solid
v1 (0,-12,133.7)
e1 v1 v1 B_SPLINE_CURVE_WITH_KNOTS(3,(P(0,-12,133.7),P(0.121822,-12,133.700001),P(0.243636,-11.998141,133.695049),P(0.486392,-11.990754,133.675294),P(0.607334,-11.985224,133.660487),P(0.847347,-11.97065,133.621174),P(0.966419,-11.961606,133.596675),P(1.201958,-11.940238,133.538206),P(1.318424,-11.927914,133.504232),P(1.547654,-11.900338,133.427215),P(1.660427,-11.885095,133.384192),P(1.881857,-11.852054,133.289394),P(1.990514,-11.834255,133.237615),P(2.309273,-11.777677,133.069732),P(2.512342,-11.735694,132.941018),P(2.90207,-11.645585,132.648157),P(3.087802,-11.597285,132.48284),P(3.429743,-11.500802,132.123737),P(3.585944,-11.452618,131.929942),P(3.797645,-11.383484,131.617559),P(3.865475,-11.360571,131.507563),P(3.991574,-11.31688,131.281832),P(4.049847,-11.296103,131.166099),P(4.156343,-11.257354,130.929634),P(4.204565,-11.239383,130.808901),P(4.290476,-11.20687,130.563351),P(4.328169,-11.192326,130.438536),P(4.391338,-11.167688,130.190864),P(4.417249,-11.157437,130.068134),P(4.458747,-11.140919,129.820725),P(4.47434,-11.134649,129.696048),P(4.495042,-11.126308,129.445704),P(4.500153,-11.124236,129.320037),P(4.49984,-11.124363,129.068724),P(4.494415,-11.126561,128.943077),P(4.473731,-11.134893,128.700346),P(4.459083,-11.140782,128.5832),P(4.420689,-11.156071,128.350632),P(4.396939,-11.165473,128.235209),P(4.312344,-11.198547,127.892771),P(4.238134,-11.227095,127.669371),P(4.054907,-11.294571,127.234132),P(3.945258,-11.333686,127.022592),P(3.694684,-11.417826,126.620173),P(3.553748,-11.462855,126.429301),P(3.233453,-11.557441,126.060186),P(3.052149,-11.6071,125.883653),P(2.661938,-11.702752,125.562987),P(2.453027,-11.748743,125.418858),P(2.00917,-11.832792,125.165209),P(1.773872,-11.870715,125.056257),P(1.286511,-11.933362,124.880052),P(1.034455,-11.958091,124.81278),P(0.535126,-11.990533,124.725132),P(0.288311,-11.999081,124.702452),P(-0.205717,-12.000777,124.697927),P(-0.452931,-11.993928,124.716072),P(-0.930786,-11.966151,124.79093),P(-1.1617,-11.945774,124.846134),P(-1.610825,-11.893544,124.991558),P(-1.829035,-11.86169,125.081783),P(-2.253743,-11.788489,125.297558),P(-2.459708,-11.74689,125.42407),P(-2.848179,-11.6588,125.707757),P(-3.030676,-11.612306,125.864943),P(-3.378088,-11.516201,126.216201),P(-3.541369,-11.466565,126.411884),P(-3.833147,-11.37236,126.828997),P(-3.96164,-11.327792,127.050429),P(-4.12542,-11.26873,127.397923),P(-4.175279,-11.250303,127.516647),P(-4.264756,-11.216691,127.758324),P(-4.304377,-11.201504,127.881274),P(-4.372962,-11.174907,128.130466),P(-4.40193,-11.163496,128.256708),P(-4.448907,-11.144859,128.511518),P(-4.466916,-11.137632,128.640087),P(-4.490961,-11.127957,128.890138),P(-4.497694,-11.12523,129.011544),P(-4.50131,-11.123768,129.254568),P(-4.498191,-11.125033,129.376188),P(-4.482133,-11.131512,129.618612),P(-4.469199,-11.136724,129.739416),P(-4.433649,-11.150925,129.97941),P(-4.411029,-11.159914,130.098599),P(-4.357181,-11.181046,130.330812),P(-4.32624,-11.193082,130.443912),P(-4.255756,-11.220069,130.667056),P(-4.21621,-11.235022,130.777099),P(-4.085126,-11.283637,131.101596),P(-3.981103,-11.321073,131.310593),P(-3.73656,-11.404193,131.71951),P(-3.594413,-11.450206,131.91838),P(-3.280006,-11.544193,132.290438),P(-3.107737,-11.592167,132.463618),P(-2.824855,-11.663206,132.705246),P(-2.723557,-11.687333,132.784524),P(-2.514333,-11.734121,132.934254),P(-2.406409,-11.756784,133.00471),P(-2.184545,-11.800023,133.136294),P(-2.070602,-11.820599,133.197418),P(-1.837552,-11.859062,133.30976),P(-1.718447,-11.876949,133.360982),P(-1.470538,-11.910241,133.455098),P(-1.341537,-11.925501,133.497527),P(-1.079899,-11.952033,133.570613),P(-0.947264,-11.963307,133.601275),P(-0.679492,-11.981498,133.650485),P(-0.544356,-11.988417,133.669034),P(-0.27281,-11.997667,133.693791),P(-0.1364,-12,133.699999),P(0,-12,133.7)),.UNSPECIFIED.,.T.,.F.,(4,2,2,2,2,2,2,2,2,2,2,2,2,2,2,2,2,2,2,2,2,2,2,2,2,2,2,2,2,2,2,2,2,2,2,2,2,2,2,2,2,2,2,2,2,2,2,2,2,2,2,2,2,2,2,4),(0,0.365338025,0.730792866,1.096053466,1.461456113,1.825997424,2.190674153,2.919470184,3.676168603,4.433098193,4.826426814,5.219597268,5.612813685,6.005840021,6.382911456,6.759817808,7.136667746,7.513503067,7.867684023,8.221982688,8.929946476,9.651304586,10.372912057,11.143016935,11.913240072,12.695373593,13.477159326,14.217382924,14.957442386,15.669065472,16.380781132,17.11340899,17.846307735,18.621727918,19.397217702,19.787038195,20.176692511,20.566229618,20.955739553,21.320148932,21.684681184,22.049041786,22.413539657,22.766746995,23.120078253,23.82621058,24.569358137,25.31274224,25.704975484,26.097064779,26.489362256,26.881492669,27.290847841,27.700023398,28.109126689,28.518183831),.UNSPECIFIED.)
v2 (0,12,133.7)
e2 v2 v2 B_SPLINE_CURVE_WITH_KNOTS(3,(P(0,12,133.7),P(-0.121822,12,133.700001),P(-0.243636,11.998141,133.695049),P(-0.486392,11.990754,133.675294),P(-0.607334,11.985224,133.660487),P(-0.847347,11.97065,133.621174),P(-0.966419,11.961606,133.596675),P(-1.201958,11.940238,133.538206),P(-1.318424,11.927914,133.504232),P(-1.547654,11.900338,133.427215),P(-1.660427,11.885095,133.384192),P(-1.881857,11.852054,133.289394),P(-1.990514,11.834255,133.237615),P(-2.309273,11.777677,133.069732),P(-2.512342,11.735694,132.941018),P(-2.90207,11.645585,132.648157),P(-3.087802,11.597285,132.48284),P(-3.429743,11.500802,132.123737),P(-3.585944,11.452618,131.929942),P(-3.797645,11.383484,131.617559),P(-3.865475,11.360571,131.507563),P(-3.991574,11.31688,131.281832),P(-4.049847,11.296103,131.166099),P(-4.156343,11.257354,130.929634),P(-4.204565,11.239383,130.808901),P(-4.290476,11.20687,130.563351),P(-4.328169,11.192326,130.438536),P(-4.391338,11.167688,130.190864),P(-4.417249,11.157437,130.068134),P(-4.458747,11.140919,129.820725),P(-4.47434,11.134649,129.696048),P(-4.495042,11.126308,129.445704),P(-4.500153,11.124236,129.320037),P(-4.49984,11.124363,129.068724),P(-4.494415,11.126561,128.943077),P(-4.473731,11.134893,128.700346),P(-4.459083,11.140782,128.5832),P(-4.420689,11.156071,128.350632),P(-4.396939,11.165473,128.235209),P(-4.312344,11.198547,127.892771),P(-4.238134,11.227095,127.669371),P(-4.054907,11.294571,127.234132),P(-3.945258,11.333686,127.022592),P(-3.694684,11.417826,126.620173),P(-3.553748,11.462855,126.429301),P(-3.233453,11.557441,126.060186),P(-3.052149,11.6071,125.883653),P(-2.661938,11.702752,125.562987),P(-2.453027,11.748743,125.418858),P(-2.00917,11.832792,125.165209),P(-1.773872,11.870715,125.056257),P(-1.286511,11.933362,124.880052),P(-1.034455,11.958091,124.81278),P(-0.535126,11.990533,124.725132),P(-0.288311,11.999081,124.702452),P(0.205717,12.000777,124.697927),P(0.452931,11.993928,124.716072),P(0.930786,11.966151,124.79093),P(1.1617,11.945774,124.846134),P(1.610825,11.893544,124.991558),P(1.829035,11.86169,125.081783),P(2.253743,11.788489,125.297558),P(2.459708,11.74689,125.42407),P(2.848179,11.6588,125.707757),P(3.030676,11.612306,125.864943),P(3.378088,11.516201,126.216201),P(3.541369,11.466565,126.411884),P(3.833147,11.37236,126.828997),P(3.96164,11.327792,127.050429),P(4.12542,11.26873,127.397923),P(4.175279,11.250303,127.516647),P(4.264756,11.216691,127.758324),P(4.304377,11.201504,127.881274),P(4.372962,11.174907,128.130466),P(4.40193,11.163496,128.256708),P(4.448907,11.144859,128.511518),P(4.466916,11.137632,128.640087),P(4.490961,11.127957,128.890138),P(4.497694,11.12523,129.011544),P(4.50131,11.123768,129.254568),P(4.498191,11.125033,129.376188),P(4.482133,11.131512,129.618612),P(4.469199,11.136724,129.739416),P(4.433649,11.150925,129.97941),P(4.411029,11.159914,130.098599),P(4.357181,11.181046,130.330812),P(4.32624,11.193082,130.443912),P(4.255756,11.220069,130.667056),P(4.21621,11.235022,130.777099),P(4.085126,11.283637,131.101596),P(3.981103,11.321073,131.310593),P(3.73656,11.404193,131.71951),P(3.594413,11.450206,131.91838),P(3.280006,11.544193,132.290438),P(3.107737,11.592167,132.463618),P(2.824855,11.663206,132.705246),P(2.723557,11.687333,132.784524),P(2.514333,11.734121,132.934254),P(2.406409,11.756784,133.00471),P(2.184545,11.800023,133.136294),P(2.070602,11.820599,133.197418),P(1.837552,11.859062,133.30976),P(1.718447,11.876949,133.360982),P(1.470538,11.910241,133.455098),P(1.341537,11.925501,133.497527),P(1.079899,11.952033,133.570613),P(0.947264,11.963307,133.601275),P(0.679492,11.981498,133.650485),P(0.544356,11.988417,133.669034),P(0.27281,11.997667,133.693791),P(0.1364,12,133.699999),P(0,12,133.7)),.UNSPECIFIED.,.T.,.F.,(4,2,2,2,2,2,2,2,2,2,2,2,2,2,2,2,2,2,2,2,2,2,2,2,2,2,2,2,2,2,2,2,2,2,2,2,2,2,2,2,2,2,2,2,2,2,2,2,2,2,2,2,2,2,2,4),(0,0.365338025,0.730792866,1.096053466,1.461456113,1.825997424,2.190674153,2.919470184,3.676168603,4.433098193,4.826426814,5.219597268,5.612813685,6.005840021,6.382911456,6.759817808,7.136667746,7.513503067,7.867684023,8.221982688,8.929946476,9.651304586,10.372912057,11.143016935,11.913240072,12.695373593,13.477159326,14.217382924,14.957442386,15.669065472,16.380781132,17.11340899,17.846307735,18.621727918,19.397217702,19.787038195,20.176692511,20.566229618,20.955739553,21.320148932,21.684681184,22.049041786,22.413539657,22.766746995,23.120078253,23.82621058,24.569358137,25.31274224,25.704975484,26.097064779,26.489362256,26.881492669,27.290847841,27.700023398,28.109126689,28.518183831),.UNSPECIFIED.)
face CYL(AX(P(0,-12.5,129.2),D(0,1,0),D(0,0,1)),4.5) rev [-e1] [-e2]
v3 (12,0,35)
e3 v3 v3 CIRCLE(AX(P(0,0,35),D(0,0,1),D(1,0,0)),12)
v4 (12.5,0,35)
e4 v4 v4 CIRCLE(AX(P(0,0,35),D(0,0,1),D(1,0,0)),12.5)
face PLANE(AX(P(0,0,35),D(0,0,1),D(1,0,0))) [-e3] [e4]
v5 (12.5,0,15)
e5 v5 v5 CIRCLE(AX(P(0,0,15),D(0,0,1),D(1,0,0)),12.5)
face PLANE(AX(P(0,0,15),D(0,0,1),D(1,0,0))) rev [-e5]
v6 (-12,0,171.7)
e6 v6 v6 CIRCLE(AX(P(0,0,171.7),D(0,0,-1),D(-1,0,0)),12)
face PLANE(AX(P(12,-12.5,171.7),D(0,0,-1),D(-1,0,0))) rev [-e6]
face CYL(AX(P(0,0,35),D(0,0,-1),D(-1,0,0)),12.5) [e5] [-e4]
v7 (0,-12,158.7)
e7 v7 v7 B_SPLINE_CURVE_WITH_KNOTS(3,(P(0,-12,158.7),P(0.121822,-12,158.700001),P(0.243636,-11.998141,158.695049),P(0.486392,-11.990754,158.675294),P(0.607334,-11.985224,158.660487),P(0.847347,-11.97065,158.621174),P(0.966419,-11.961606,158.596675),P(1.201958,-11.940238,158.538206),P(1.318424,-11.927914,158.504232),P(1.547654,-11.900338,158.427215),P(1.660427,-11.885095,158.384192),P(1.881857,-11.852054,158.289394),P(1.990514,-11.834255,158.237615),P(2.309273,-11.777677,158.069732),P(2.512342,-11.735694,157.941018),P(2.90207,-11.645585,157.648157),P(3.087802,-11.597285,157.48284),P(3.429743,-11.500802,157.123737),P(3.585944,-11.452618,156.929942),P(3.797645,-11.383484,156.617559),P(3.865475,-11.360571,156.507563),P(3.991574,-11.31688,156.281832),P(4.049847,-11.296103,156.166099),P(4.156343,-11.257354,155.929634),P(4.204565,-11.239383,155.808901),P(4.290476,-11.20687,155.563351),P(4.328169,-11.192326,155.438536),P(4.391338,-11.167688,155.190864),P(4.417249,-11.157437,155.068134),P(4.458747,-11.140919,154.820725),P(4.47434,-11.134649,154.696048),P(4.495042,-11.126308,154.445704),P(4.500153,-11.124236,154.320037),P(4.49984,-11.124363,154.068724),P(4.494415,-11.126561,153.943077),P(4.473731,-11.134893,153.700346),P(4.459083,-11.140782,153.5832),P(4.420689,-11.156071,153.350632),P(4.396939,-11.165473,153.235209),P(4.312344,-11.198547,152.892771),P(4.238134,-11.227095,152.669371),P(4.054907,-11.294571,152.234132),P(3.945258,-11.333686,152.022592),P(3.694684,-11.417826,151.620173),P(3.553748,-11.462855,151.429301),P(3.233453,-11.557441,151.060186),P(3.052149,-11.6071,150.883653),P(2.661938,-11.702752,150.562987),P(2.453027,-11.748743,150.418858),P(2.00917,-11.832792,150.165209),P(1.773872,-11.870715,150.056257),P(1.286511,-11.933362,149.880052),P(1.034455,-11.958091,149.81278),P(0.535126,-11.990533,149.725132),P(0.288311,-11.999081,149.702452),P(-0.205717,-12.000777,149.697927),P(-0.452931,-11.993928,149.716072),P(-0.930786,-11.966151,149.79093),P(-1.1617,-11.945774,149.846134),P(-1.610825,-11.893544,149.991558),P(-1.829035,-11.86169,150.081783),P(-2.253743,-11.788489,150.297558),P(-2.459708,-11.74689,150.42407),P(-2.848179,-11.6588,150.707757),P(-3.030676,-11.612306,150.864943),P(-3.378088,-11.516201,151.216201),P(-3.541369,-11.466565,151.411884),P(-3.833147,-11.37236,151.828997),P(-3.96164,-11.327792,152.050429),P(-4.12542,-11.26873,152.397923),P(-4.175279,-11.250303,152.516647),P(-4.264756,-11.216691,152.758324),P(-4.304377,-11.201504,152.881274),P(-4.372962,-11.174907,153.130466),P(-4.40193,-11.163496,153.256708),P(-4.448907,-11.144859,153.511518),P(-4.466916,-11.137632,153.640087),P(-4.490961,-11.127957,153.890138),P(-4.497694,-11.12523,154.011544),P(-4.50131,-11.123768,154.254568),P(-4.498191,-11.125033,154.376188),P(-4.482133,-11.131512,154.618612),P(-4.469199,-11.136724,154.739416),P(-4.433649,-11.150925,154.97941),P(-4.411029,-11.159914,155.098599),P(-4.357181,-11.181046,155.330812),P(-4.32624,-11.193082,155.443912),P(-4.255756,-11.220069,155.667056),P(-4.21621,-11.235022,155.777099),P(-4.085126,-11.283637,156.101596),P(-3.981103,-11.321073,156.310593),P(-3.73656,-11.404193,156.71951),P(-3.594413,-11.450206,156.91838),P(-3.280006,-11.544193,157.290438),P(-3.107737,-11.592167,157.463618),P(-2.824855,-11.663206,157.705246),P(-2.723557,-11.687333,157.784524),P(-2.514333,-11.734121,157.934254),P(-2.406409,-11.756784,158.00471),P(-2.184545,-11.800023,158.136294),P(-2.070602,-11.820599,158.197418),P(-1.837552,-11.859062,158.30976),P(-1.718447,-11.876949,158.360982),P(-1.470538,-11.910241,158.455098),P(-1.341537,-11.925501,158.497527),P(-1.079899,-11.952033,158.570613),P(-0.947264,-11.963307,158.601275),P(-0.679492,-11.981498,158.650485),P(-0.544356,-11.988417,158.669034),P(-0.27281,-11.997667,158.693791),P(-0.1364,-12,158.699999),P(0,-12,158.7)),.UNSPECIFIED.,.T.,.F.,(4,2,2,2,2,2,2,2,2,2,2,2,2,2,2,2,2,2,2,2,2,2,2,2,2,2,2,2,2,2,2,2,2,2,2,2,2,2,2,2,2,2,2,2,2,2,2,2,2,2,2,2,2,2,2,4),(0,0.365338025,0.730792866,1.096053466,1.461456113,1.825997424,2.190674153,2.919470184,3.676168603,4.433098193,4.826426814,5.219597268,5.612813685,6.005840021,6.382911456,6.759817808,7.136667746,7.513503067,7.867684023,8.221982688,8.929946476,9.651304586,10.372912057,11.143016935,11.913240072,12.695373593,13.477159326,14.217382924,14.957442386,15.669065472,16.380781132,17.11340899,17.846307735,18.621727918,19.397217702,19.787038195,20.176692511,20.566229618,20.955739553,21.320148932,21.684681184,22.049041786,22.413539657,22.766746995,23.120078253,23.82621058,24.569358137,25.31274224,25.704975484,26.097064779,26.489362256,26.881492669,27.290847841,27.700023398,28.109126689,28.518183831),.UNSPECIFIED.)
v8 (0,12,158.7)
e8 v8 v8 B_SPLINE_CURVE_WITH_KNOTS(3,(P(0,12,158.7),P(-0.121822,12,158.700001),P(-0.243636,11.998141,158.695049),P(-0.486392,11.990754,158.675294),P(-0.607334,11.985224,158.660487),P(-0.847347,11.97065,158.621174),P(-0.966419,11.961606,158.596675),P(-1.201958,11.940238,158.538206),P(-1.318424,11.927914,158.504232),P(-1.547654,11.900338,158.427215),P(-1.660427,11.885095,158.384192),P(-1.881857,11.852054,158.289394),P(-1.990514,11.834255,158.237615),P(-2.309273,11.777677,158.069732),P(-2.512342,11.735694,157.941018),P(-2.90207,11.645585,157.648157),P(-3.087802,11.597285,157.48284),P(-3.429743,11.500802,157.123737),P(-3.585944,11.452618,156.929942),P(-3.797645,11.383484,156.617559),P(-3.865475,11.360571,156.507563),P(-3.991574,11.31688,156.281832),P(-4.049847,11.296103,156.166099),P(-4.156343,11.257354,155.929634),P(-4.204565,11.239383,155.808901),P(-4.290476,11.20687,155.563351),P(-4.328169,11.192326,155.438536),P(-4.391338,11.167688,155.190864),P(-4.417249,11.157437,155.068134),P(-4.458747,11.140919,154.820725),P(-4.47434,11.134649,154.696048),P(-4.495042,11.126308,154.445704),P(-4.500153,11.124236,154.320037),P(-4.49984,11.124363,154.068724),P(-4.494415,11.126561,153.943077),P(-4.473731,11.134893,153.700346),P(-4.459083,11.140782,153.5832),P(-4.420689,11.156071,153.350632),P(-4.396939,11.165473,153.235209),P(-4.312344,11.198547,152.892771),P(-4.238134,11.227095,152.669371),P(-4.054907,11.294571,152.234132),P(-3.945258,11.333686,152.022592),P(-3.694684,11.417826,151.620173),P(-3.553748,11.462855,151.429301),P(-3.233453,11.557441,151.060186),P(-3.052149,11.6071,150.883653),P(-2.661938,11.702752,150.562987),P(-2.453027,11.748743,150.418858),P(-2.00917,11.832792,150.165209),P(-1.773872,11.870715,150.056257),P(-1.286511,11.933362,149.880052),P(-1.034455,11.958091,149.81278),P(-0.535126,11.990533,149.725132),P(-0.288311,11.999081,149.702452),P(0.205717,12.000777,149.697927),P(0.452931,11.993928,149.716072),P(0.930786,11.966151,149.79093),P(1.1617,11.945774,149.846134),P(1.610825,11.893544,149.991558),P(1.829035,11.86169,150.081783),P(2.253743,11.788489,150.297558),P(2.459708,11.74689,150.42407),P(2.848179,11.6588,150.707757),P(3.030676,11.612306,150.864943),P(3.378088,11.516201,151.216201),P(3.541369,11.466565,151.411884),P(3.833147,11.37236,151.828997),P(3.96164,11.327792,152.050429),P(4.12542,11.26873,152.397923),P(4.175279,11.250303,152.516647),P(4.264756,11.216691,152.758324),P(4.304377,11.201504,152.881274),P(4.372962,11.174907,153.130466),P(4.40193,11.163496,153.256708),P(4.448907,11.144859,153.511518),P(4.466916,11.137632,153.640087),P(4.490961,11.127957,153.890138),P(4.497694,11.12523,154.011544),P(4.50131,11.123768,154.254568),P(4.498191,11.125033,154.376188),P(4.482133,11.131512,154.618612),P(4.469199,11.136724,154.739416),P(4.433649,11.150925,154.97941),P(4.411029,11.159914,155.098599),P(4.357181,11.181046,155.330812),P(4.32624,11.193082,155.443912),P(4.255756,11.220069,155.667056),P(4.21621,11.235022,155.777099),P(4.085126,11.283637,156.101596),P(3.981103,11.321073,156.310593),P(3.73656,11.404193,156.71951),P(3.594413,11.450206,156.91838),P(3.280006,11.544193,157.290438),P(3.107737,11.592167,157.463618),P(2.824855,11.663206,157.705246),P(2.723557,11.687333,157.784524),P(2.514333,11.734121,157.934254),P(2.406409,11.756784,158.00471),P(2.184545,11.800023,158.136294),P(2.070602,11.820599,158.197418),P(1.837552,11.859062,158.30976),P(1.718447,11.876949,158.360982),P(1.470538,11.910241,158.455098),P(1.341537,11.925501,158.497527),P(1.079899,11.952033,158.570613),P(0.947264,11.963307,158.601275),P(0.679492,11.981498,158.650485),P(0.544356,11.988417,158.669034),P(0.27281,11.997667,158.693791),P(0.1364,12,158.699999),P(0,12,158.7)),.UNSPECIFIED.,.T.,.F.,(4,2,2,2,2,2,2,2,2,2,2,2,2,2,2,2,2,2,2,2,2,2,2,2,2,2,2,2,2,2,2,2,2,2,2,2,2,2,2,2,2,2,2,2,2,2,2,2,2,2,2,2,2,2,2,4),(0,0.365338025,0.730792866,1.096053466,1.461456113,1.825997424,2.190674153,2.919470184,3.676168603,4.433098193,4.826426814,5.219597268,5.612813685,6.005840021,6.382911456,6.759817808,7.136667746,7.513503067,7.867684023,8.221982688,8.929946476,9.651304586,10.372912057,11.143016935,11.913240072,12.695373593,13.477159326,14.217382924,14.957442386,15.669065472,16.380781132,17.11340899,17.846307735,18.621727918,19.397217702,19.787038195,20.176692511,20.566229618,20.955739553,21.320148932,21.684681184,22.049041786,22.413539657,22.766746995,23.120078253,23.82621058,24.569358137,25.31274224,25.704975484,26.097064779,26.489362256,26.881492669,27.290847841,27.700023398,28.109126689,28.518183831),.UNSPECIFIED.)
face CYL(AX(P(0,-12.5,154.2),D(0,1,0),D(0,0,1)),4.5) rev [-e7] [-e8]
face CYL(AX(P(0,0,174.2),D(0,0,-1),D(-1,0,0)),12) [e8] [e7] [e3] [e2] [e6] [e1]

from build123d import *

# Parameters (mm, degrees)
SKETCH1_R               = 10
BOSS_EXTRUDE1_DEPTH     = 15
SKETCH2_R               = 12.5
BOSS_EXTRUDE2_DEPTH     = 20
SKETCH3_R               = 12
BOSS_EXTRUDE3_DEPTH     = 139.2
SKETCH4_R               = 4.5
CUT_EXTRUDE1_DEPTH      = 176.094660113
CUT_EXTRUDE2_DEPTH      = 176.094660212
CUT_EXTRUDE2_DEPTH_BACK = 176.094660212
SKETCH5_W               = 50.129657838
SKETCH5_H               = 19.874218845
LPATTERN1_COUNT         = 2
LPATTERN1_PITCH         = 25
CUT_EXTRUDE3_DEPTH      = 176.094660212
CUT_EXTRUDE3_DEPTH_BACK = 176.094660212
SKETCH6_W               = 35.820903931
SKETCH6_H               = 2.5


with BuildPart() as part:
    # Sketch1 → Boss-Extrude1 (new body)
    with BuildSketch(Plane.XY):
        Circle(SKETCH1_R)
    extrude(amount=BOSS_EXTRUDE1_DEPTH)

    # Sketch2 → Boss-Extrude2 (add)
    with BuildSketch(Plane.XY.offset(15)):
        Circle(SKETCH2_R)
    extrude(amount=BOSS_EXTRUDE2_DEPTH)

    # Sketch3 → Boss-Extrude3 (add)
    with BuildSketch(Plane.XY.offset(35)):
        Circle(SKETCH3_R)
    extrude(amount=BOSS_EXTRUDE3_DEPTH)

    # Sketch4 → Cut-Extrude1 (cut, symmetric)
    with BuildSketch(Plane(origin=(0, 0, 0), x_dir=(1, 0, 0), z_dir=(0, 1, 0))):
        with Locations(Location((0, -154.2, 0), (0, 0, 270))):
            Circle(SKETCH4_R)
    cut_extrude1 = extrude(amount=CUT_EXTRUDE1_DEPTH, both=True, mode=Mode.SUBTRACT)

    # Sketch5 → Cut-Extrude2 (cut, two sides: drawn at the far end of the back side and taken through both)
    with BuildSketch(Plane(origin=(0, 0, 0), x_dir=(1, 0, 0), z_dir=(0, 1, 0)).offset(-CUT_EXTRUDE2_DEPTH_BACK)):
        with Locations((-12.564828919, -5.062890578)):
            Rectangle(SKETCH5_W, SKETCH5_H)
    extrude(amount=CUT_EXTRUDE2_DEPTH + CUT_EXTRUDE2_DEPTH_BACK, mode=Mode.SUBTRACT)

    # LPattern1: Cut-Extrude1 ×2
    with Locations(*[(0, 0, -i * LPATTERN1_PITCH) for i in range(1, LPATTERN1_COUNT)]):
        add(cut_extrude1, mode=Mode.SUBTRACT)

    # Sketch6 → Cut-Extrude3 (cut, two sides: drawn at the far end of the back side and taken through both)
    with BuildSketch(Plane(origin=(0, 0, 0), x_dir=(1, 0, 0), z_dir=(0, 1, 0)).offset(-CUT_EXTRUDE3_DEPTH_BACK)):
        with Locations((-5.910451966, -172.95)):
            Rectangle(SKETCH6_W, SKETCH6_H)
    extrude(amount=CUT_EXTRUDE3_DEPTH + CUT_EXTRUDE3_DEPTH_BACK, mode=Mode.SUBTRACT)


solid = part.part
